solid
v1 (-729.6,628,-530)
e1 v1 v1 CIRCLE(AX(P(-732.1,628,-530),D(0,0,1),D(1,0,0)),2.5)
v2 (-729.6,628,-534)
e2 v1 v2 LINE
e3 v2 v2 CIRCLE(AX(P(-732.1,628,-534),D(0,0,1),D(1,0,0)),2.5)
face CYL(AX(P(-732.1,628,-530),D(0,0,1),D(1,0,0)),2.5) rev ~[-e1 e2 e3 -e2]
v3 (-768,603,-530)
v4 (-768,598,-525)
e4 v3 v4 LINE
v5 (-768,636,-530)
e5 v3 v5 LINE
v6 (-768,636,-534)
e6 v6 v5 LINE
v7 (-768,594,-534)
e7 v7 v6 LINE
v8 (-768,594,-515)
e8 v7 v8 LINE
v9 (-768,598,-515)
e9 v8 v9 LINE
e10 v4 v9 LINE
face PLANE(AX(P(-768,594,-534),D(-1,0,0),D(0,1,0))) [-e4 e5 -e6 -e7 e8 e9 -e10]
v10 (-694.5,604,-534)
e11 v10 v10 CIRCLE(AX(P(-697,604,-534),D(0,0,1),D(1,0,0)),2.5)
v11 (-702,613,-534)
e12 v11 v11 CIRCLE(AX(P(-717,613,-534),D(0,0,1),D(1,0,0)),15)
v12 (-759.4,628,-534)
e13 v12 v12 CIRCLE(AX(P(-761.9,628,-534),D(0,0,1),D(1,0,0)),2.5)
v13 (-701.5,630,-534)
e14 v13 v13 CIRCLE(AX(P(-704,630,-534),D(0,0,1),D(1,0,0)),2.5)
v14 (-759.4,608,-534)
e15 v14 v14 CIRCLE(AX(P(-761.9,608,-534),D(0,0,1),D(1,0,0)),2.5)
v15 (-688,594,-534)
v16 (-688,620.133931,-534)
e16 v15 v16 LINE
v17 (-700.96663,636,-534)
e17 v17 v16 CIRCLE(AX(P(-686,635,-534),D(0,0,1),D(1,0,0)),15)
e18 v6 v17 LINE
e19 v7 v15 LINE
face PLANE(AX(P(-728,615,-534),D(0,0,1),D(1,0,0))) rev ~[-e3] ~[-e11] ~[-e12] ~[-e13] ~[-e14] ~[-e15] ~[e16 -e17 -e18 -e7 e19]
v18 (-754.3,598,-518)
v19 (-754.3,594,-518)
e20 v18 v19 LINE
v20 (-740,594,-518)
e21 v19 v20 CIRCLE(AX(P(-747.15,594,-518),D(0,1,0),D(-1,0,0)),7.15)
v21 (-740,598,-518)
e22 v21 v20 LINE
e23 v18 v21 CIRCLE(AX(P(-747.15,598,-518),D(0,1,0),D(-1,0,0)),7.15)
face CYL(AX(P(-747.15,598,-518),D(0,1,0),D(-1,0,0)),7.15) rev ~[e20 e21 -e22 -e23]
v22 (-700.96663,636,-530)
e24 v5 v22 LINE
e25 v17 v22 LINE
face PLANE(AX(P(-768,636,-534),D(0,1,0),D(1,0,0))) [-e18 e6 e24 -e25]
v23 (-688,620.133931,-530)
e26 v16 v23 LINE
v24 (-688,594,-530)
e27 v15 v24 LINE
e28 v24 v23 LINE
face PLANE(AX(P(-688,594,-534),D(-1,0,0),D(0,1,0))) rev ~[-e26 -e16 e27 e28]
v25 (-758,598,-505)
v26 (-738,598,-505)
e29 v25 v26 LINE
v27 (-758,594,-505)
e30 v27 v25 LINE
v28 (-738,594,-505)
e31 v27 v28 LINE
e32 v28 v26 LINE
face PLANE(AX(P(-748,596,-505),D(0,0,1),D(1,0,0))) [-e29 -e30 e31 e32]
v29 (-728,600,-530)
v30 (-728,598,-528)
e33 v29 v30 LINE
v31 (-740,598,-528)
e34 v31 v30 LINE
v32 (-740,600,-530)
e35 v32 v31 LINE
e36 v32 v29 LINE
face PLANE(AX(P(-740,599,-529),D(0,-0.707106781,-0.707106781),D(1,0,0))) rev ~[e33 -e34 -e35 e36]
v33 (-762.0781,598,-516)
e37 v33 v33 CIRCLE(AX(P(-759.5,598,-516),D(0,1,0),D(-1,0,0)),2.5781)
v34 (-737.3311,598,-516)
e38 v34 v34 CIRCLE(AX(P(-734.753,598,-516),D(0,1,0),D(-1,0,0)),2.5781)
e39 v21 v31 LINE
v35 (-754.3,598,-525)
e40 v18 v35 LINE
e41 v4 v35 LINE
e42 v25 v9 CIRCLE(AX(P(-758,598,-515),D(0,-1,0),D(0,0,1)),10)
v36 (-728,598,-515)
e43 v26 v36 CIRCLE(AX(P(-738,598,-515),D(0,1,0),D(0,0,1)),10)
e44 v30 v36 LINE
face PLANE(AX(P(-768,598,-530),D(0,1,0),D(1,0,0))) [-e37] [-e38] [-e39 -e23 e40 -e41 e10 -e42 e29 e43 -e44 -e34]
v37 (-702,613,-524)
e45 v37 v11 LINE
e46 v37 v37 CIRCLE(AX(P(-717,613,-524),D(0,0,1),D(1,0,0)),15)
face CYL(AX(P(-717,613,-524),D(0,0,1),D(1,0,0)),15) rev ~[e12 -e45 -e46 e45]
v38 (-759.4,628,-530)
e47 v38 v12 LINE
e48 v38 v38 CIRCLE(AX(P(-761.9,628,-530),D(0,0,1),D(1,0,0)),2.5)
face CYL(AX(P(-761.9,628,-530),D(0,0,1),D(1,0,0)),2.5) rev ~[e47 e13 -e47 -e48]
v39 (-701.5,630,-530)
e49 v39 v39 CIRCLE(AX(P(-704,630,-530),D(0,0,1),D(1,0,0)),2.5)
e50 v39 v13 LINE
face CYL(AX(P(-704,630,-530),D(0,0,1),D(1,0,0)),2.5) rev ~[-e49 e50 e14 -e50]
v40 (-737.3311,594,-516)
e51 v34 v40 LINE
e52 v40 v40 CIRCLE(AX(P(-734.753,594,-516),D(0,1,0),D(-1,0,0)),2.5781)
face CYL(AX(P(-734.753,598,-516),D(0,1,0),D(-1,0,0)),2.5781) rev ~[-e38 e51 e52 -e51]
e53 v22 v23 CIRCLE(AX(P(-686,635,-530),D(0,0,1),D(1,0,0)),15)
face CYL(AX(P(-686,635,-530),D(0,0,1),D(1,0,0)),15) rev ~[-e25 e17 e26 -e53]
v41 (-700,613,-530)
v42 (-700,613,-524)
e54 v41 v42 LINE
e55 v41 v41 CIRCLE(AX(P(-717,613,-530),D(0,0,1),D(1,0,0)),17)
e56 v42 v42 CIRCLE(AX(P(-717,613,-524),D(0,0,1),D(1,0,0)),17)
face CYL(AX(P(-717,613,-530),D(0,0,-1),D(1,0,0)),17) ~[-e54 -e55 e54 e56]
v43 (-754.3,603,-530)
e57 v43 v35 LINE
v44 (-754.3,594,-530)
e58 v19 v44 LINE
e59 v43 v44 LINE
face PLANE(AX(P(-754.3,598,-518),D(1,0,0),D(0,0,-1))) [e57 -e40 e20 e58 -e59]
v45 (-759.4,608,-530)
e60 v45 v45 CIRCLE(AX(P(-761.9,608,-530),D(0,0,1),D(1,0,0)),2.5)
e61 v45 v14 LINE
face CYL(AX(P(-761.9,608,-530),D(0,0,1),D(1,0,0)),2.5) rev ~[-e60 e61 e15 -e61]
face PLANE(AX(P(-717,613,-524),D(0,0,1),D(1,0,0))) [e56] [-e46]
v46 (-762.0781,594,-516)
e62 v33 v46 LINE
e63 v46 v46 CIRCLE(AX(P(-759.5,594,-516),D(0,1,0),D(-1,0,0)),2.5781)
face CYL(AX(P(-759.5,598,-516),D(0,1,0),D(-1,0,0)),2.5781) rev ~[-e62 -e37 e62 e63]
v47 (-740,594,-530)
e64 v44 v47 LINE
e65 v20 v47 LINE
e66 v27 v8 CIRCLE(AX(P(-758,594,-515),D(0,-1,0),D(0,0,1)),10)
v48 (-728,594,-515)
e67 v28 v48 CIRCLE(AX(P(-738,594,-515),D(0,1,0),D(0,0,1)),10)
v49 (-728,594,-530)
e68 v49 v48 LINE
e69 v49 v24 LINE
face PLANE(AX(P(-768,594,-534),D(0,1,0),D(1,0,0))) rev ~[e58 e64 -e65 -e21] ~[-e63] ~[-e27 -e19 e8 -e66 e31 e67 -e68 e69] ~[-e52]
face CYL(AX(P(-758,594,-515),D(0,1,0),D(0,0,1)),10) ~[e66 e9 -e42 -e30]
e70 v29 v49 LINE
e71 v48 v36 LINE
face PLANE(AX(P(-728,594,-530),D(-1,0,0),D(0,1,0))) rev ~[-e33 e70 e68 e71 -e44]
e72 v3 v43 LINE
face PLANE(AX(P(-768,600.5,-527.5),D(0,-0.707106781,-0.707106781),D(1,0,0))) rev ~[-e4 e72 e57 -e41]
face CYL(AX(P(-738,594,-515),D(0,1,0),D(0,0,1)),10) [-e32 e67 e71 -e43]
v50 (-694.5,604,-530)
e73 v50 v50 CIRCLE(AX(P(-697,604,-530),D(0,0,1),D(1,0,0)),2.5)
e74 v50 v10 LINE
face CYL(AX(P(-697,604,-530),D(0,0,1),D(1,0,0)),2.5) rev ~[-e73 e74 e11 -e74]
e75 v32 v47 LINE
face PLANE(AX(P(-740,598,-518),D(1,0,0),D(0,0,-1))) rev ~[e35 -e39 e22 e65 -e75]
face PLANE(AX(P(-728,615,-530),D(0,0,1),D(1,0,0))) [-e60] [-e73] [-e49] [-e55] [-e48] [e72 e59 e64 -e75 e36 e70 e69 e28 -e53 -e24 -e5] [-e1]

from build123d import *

# Parameters (mm, degrees)
BOX_W           = 80
BOX_H           = 42
BOX_DEPTH       = 4
SKETCH001_R     = 15
POCKET001_DEPTH = 4.001
SKETCH003_R     = 17
PAD_DEPTH       = 6
SKETCH004_R     = 15
POCKET003_DEPTH = 10.001
SKETCH005_R     = 2.5
POCKET004_DEPTH = 4.001
BOX001_W        = 40
BOX001_H        = 4
BOX001_DEPTH    = 25
SKETCH002_R     = 2.5781
POCKET002_DEPTH = 4.001
FILLET_R        = 10
FILLET001_R     = 10
CHAMFER_SIZE    = 5
CHAMFER001_SIZE = 2


with BuildPart() as pocket004:
    # Box → Box (new body)
    with BuildSketch(Plane(origin=(-768, 594, -534), x_dir=(1, 0, 0), z_dir=(0, 0, 1))):
        with Locations((40, 21)):
            Rectangle(BOX_W, BOX_H)
    extrude(amount=BOX_DEPTH)

    # Sketch001 → Pocket001 (cut, through all)
    with BuildSketch(Plane(origin=(-768, 594, -530), x_dir=(1, 0, 0), z_dir=(0, 0, 1))):
        with Locations((82, 41)):
            Circle(SKETCH001_R)
    extrude(amount=-POCKET001_DEPTH, mode=Mode.SUBTRACT)

    # Sketch003 → Pad (new body)
    with BuildSketch(Plane(origin=(-768, 594, -530), x_dir=(1, 0, 0), z_dir=(0, 0, 1))):
        with Locations((51, 19)):
            Circle(SKETCH003_R)
    extrude(amount=PAD_DEPTH)

    # Sketch004 → Pocket003 (cut, through all)
    with BuildSketch(Plane(origin=(-768, 594, -524), x_dir=(1, 0, 0), z_dir=(0, 0, 1))):
        with Locations((51, 19)):
            Circle(SKETCH004_R)
    extrude(amount=-POCKET003_DEPTH, mode=Mode.SUBTRACT)

    # Sketch005 → Pocket004 (cut, through all)
    with BuildSketch(Plane(origin=(-768, 594, -530), x_dir=(1, 0, 0), z_dir=(0, 0, 1))):
        with Locations((6.1, 34)):
            Circle(SKETCH005_R)
        with Locations((6.1, 14)):
            Circle(SKETCH005_R)
        with Locations((35.9, 34)):
            Circle(SKETCH005_R)
        with Locations((64, 36)):
            Circle(SKETCH005_R)
        with Locations((71, 10)):
            Circle(SKETCH005_R)
    extrude(amount=-POCKET004_DEPTH, mode=Mode.SUBTRACT)


with BuildPart() as chamfer001:
    # Box001 → Box001 (new body)
    with BuildSketch(Plane(origin=(-768, 594, -530), x_dir=(1, 0, 0), z_dir=(0, 0, 1))):
        with Locations((20, 2)):
            Rectangle(BOX001_W, BOX001_H)
    extrude(amount=BOX001_DEPTH)

    # Sketch002 → Pocket002 (cut, through all)
    with BuildSketch(Plane(origin=(-768, 598, -530), x_dir=(-1, 0, 0), z_dir=(0, 1, 0))):
        with Locations((-33.247, 14)):
            Circle(SKETCH002_R)
        with Locations((-8.5, 14)):
            Circle(SKETCH002_R)
        with BuildLine():
            ThreePointArc((-13.7, 12), (-20.85, 19.15), (-28, 12))
            Line((-28, 12), (-28, 0))
            Line((-28, 0), (-13.7, 0))
            Line((-13.7, 12), (-13.7, 0))
        make_face()
    extrude(amount=-POCKET002_DEPTH, mode=Mode.SUBTRACT)

    # Fillet
    fillet_edges = [chamfer001.edges().sort_by_distance(p)[0] for p in [
        (-728, 596, -505),
    ]]
    fillet(fillet_edges, radius=FILLET_R)

    # Fillet001
    fillet001_edges = [chamfer001.edges().sort_by_distance(p)[0] for p in [
        (-768, 596, -505),
    ]]
    fillet(fillet001_edges, radius=FILLET001_R)

    # Fusion: union Pocket004
    add(pocket004.part)

    # Chamfer
    chamfer_edges = [chamfer001.edges().sort_by_distance(p)[0] for p in [
        (-761.15, 598, -530),
    ]]
    chamfer(chamfer_edges, length=CHAMFER_SIZE)

    # Chamfer001
    chamfer001_edges = [chamfer001.edges().sort_by_distance(p)[0] for p in [
        (-734, 598, -530),
    ]]
    chamfer(chamfer001_edges, length=CHAMFER001_SIZE)


solid = chamfer001.part
